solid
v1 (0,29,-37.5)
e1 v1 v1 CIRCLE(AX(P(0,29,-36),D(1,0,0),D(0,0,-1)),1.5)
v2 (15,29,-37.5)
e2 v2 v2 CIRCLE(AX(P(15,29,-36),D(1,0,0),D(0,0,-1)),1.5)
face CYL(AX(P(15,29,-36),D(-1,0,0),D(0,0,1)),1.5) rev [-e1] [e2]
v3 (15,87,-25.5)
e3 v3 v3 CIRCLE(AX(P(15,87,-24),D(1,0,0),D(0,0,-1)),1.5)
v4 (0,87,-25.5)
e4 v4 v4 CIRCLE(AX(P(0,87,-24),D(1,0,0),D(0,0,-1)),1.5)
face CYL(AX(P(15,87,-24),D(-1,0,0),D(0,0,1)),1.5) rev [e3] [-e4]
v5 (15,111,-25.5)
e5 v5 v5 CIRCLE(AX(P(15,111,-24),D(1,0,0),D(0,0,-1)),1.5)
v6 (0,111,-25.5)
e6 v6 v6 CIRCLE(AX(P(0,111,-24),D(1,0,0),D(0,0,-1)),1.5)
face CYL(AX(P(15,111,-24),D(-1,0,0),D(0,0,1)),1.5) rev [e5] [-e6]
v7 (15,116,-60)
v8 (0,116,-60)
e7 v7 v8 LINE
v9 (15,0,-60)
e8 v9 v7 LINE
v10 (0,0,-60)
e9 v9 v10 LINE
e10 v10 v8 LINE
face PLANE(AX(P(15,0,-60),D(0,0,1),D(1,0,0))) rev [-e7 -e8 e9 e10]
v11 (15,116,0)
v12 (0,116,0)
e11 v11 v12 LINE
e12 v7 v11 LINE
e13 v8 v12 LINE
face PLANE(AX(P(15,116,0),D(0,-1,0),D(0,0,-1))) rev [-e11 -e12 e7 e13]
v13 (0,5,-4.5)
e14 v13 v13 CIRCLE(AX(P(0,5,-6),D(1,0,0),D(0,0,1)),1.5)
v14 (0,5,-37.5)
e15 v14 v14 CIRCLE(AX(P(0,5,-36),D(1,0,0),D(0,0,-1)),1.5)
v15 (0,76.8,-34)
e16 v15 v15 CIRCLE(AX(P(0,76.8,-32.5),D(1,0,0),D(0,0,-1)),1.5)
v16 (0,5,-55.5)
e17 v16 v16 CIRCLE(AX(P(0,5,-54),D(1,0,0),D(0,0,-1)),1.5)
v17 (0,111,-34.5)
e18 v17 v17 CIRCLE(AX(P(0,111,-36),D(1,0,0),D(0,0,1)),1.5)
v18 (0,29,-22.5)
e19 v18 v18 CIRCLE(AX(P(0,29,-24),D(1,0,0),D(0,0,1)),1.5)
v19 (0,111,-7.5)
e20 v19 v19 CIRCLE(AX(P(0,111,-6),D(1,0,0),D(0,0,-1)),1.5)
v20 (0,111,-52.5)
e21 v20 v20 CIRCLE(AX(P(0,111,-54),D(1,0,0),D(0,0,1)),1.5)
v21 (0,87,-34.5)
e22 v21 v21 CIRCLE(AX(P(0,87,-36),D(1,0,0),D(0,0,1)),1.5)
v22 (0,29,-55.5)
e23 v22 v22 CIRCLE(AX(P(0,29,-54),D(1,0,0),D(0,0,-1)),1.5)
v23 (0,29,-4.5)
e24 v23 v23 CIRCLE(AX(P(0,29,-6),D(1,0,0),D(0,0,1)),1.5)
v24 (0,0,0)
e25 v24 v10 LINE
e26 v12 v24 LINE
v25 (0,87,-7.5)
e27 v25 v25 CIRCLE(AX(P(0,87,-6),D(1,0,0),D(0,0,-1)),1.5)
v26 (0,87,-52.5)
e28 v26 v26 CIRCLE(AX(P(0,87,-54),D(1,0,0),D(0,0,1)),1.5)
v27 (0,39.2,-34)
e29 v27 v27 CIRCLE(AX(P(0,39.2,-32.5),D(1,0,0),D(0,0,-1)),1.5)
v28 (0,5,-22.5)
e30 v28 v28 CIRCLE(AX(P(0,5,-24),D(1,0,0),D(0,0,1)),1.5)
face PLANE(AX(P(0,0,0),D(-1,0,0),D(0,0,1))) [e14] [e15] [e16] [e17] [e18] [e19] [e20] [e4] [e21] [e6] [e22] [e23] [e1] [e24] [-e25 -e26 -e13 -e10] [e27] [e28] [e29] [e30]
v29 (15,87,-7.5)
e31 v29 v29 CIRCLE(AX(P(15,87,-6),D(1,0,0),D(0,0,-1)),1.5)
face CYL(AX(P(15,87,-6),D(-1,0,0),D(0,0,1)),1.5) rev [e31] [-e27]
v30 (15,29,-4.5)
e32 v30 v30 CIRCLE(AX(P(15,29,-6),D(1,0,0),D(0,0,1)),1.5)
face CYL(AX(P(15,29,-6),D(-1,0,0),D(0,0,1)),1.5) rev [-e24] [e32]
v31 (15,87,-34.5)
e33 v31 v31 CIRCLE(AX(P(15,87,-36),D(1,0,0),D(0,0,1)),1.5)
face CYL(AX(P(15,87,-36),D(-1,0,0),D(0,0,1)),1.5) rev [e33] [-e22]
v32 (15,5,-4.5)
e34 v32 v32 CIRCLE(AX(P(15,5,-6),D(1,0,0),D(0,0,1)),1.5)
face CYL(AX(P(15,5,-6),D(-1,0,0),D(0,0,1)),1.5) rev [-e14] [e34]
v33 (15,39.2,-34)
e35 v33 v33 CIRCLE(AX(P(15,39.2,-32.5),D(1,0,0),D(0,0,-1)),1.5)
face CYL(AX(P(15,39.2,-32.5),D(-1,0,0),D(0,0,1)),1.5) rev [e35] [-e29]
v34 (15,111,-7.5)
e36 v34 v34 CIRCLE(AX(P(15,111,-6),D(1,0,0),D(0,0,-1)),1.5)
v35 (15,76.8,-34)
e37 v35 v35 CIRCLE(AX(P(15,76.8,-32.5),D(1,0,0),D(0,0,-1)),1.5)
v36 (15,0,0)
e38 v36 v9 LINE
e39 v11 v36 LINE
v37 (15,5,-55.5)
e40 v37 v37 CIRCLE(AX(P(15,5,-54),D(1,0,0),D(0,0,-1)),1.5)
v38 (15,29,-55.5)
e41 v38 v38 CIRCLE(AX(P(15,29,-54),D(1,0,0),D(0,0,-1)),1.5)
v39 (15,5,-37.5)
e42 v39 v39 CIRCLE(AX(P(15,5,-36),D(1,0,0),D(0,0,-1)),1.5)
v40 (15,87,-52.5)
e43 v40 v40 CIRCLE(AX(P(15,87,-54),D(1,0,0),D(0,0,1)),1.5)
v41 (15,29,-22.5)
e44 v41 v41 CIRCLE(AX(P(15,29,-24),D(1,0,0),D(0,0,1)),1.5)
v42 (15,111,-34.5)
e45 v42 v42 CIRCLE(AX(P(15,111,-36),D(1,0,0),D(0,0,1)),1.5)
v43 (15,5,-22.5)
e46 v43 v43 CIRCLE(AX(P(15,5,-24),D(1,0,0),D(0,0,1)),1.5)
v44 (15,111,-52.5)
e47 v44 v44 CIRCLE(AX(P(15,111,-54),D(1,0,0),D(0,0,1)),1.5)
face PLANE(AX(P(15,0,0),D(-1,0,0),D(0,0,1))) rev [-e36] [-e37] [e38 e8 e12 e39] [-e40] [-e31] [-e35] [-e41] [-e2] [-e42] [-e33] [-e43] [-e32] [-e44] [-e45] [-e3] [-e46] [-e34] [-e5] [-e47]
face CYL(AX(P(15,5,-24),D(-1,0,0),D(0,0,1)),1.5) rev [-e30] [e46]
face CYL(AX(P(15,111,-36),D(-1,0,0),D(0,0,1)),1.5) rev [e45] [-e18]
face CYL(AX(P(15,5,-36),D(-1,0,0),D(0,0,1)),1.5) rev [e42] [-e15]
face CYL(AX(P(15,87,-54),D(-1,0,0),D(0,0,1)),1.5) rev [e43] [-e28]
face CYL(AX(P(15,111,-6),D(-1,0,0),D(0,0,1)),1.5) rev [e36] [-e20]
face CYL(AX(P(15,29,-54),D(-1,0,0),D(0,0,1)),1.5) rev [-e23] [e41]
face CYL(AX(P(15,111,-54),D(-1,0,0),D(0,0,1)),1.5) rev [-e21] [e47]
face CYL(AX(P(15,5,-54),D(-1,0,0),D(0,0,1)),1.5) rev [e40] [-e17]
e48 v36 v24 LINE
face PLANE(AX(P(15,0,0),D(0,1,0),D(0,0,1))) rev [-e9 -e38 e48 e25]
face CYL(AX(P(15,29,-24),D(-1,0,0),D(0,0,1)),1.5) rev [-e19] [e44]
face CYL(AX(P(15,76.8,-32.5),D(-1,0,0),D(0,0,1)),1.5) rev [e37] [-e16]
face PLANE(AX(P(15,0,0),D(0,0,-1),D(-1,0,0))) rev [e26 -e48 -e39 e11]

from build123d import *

# Parameters (mm, degrees)
CROQUIS1_W              = 60
CROQUIS1_H              = 116
CROQUIS1_R              = 1.5
SALIENTE_EXTRUIR1_DEPTH = 15


with BuildPart() as part:
    # Croquis1 → Saliente-Extruir1 (new body)
    with BuildSketch(Plane(origin=(0, 0, 0), x_dir=(0, 0, -1), z_dir=(1, 0, 0))):
        with Locations((30, 58)):
            Rectangle(CROQUIS1_W, CROQUIS1_H)
        with Locations((54, 5)):
            Circle(CROQUIS1_R, mode=Mode.SUBTRACT)
        with Locations((36, 5)):
            Circle(CROQUIS1_R, mode=Mode.SUBTRACT)
        with Locations((36, 29)):
            Circle(CROQUIS1_R, mode=Mode.SUBTRACT)
        with Locations((54, 29)):
            Circle(CROQUIS1_R, mode=Mode.SUBTRACT)
        with Locations(Location((24, 29, 0), (0, 0, 180))):
            Circle(CROQUIS1_R, mode=Mode.SUBTRACT)
        with Locations(Location((24, 5, 0), (0, 0, 180))):
            Circle(CROQUIS1_R, mode=Mode.SUBTRACT)
        with Locations(Location((6, 5, 0), (0, 0, 180))):
            Circle(CROQUIS1_R, mode=Mode.SUBTRACT)
        with Locations(Location((6, 29, 0), (0, 0, 180))):
            Circle(CROQUIS1_R, mode=Mode.SUBTRACT)
        with Locations((6, 87)):
            Circle(CROQUIS1_R, mode=Mode.SUBTRACT)
        with Locations((6, 111)):
            Circle(CROQUIS1_R, mode=Mode.SUBTRACT)
        with Locations((24, 111)):
            Circle(CROQUIS1_R, mode=Mode.SUBTRACT)
        with Locations((24, 87)):
            Circle(CROQUIS1_R, mode=Mode.SUBTRACT)
        with Locations(Location((36, 87, 0), (0, 0, 180))):
            Circle(CROQUIS1_R, mode=Mode.SUBTRACT)
        with Locations(Location((36, 111, 0), (0, 0, 180))):
            Circle(CROQUIS1_R, mode=Mode.SUBTRACT)
        with Locations(Location((54, 111, 0), (0, 0, 180))):
            Circle(CROQUIS1_R, mode=Mode.SUBTRACT)
        with Locations(Location((54, 87, 0), (0, 0, 180))):
            Circle(CROQUIS1_R, mode=Mode.SUBTRACT)
        with Locations((32.5, 76.8)):
            Circle(CROQUIS1_R, mode=Mode.SUBTRACT)
        with Locations((32.5, 39.2)):
            Circle(CROQUIS1_R, mode=Mode.SUBTRACT)
    extrude(amount=SALIENTE_EXTRUIR1_DEPTH)


solid = part.part
